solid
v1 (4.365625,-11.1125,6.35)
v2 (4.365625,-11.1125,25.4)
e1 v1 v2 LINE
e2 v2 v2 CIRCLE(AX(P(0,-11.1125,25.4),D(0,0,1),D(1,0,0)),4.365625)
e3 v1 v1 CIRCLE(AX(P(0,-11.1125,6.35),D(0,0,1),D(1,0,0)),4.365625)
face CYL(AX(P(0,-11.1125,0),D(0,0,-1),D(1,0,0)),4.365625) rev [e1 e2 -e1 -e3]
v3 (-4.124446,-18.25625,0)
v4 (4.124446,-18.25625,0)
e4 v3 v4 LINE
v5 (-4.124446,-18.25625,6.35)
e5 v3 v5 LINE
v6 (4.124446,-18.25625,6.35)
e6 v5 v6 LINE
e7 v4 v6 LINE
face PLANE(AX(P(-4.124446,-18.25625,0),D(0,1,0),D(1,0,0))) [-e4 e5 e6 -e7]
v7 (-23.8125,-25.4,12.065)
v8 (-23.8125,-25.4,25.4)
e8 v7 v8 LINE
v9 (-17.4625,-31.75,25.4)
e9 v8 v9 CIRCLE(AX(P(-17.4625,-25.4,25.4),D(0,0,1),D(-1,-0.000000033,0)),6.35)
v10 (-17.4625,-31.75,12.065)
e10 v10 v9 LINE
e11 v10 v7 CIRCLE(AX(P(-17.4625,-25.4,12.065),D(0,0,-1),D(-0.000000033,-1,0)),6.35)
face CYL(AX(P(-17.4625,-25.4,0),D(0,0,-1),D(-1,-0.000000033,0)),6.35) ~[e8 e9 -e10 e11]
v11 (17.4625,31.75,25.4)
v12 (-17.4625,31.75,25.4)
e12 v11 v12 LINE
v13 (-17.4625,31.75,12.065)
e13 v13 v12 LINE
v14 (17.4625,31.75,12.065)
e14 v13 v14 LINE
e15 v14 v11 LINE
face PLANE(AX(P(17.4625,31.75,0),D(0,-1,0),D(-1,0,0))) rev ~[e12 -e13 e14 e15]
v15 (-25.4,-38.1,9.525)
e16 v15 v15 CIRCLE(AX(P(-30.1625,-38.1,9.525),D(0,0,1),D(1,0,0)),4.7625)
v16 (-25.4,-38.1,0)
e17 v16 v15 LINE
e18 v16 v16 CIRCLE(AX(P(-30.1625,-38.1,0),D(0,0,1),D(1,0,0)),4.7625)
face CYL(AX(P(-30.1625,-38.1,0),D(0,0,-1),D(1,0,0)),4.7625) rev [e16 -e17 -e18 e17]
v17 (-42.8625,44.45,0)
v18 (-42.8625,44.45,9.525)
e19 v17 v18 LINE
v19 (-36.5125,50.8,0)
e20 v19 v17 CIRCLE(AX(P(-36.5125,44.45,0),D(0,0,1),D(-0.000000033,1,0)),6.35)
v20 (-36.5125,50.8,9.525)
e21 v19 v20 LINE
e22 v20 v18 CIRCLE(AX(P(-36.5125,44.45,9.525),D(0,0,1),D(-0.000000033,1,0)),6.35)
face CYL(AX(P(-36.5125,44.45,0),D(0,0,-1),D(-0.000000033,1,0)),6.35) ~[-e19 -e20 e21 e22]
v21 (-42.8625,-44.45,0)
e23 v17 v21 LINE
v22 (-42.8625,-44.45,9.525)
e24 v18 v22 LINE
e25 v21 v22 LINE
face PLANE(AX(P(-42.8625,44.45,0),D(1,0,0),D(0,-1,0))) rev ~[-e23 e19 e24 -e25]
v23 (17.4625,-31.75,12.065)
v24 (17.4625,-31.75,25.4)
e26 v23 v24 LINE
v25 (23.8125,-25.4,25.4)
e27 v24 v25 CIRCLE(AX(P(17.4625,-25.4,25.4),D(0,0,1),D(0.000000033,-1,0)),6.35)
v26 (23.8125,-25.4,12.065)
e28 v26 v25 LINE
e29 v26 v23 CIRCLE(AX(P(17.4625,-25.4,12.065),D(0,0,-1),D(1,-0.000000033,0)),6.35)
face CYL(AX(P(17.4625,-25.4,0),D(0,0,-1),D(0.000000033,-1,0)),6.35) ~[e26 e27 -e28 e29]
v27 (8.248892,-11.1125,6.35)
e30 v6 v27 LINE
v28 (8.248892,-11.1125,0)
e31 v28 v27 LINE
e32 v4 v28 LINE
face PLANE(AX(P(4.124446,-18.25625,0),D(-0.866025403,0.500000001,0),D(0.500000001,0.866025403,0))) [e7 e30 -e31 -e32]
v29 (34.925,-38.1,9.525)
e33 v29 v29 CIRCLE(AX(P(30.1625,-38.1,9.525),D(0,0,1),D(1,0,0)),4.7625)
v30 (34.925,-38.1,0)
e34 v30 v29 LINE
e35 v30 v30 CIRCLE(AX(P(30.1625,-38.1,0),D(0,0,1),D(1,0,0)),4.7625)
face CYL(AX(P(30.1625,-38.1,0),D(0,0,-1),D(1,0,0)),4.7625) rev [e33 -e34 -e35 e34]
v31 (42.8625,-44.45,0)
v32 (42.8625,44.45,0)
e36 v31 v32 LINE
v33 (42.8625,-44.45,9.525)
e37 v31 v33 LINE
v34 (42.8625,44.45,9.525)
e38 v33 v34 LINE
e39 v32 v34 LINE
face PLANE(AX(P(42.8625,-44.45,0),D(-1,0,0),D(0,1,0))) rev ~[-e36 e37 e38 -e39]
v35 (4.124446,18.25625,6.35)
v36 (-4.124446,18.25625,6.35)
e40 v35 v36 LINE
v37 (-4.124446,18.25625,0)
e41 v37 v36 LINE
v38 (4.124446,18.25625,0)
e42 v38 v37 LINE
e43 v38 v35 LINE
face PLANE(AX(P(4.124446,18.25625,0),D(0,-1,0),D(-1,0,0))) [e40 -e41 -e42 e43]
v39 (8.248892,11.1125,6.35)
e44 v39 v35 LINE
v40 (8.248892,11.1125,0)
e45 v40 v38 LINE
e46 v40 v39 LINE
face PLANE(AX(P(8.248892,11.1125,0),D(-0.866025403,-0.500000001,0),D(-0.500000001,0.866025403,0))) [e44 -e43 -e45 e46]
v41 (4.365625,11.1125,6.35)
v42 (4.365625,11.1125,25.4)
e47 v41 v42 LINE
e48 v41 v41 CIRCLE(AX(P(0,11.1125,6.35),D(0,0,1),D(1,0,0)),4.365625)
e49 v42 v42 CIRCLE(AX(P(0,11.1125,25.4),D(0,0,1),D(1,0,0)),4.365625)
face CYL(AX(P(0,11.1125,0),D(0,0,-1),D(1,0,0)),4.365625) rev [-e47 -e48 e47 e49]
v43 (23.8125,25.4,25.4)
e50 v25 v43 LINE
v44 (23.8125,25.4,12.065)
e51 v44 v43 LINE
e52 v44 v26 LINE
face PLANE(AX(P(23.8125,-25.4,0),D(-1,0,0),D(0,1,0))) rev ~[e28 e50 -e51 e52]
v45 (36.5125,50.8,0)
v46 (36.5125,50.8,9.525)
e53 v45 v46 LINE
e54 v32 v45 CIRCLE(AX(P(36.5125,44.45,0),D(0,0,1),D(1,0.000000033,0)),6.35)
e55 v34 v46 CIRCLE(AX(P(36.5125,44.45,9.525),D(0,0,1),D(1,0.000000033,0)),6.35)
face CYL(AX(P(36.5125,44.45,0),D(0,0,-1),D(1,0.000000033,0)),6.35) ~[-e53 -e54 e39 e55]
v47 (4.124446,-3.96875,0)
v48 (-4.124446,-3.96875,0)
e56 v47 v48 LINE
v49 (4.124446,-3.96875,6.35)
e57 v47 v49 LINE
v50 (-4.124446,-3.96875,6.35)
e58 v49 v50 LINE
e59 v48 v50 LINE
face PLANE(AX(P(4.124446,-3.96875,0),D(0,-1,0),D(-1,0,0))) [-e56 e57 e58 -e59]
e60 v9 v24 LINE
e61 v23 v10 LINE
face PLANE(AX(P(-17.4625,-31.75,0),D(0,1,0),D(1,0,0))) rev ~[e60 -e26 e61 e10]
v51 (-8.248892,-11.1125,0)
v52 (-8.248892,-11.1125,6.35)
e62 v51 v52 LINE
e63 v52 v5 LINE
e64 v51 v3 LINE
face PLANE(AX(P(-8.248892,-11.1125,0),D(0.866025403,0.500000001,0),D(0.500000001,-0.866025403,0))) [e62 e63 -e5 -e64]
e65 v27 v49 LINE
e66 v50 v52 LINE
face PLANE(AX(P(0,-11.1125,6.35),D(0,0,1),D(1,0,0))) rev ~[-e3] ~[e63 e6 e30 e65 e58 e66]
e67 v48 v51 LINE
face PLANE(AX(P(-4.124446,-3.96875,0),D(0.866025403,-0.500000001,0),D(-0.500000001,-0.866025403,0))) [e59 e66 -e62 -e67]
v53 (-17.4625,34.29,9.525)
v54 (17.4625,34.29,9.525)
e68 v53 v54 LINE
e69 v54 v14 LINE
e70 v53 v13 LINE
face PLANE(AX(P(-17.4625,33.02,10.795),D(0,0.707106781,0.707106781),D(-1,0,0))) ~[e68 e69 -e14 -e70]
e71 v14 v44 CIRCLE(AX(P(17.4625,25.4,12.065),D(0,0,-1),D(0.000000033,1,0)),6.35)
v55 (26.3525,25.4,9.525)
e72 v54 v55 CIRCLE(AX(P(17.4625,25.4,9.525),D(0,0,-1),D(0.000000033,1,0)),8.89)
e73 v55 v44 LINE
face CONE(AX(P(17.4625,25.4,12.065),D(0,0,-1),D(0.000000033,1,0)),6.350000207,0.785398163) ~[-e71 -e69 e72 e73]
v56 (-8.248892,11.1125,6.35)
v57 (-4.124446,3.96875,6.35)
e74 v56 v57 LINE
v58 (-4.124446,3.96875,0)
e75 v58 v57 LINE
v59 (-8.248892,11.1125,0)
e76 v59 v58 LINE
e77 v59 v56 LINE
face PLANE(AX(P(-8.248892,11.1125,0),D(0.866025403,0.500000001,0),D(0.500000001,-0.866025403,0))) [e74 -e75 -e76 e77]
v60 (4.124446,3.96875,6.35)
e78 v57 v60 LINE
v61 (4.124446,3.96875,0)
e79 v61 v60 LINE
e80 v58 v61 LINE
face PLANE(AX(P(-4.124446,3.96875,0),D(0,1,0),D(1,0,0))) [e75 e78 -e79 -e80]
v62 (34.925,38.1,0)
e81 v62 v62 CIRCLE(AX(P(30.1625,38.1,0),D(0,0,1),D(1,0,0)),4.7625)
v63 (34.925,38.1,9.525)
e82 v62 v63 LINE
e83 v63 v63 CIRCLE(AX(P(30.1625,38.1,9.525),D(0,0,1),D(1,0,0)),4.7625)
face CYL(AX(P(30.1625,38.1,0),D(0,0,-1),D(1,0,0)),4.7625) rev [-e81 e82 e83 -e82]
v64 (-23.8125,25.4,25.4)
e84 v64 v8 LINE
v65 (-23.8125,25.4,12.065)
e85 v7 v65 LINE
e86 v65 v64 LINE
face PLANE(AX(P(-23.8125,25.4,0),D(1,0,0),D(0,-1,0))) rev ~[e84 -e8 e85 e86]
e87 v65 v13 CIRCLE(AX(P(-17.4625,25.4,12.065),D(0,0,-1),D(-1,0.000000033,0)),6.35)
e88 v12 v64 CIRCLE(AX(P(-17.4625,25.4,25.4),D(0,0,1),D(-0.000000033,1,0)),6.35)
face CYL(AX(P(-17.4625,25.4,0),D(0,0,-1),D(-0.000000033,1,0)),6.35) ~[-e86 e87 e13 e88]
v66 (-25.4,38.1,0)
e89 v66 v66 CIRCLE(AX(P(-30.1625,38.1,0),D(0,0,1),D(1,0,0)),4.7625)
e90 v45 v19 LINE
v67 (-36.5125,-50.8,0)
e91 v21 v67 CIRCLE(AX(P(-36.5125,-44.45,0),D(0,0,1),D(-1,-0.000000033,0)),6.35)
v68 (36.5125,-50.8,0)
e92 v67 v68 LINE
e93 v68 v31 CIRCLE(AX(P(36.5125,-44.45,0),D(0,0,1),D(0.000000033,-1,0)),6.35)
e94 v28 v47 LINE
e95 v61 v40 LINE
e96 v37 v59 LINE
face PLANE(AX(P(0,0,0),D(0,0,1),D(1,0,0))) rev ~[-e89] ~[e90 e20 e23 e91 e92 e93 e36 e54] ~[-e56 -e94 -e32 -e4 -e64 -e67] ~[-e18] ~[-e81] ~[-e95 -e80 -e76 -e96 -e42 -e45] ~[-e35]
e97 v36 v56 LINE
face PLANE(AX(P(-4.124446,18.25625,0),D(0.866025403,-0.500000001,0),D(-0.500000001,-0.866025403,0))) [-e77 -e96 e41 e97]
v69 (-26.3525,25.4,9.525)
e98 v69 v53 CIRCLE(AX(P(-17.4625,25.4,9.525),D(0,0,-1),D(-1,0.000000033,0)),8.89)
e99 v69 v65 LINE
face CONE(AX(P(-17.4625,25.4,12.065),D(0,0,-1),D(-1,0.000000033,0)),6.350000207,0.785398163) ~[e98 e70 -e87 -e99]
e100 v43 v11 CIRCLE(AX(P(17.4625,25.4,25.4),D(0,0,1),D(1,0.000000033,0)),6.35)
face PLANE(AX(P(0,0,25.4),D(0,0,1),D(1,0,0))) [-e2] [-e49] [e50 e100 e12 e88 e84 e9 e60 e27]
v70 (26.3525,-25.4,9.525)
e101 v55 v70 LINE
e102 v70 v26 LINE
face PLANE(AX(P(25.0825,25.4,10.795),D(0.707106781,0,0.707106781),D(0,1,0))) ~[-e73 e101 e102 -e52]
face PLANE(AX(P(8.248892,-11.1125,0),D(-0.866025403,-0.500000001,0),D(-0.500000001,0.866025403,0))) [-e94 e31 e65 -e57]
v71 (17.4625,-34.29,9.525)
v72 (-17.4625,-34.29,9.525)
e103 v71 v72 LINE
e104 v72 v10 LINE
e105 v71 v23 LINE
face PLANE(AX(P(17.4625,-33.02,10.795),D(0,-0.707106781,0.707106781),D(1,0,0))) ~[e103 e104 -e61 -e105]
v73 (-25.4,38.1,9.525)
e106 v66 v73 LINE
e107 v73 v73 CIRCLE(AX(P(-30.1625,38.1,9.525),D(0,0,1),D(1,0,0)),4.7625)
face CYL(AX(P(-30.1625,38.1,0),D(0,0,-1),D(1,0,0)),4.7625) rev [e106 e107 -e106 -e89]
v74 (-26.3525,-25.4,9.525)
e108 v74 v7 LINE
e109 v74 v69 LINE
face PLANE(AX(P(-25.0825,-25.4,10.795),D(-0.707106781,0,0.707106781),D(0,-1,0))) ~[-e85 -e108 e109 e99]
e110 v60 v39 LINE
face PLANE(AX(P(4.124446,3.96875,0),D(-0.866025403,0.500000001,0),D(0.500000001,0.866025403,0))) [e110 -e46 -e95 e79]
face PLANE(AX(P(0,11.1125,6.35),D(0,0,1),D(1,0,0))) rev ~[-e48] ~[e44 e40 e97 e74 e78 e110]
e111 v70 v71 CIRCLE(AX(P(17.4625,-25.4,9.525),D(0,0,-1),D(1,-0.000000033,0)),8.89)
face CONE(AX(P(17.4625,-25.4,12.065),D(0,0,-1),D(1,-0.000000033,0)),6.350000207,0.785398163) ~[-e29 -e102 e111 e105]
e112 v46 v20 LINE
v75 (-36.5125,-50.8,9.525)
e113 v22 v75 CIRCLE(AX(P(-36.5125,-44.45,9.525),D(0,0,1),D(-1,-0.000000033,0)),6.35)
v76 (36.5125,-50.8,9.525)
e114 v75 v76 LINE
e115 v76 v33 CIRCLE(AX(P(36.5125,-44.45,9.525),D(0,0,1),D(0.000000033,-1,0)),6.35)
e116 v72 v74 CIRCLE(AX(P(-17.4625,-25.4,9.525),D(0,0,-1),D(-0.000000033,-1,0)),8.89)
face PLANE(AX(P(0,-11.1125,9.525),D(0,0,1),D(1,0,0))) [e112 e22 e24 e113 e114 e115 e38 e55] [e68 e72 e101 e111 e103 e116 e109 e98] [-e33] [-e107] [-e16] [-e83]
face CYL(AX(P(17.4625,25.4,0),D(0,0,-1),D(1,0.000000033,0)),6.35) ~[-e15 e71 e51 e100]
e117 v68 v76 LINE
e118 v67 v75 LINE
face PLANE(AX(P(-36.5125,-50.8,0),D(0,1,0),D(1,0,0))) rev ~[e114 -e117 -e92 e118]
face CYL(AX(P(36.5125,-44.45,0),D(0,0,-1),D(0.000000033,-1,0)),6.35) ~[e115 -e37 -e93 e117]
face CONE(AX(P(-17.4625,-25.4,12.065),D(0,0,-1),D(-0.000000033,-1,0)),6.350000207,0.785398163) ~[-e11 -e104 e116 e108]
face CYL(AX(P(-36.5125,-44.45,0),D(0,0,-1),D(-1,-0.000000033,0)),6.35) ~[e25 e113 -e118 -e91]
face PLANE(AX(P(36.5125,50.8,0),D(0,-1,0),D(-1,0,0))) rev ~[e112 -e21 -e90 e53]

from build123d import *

# Parameters (mm, degrees)
F0_R     = 4.365625
F0_R_2   = 4.7625
F1_DEPTH = 9.525
F2_DEPTH = 25.4
F3_SIZE  = 2.54
F4_DEPTH = 6.35


with BuildPart() as f1:
    # F0 (on Top) → F1 (new body)
    with BuildSketch(Plane.XY):
        Polygon((-4.124446, -18.25625), (4.124446, -18.25625), (8.248892, -11.1125), (4.124446, -3.96875), (-4.124446, -3.96875), (-8.248892, -11.1125), align=None)
        with Locations((0, -11.1125)):
            Circle(F0_R, mode=Mode.SUBTRACT)
        with BuildLine():
            Line((17.4625, 31.75), (-17.4625, 31.75))
            ThreePointArc((-17.4625, 31.75), (-21.952628, 29.890128), (-23.8125, 25.4))
            Line((-23.8125, 25.4), (-23.8125, -25.4))
            ThreePointArc((-23.8125, -25.4), (-21.952628, -29.890128), (-17.4625, -31.75))
            Line((-17.4625, -31.75), (17.4625, -31.75))
            ThreePointArc((17.4625, -31.75), (21.952628, -29.890128), (23.8125, -25.4))
            Line((23.8125, -25.4), (23.8125, 25.4))
            ThreePointArc((23.8125, 25.4), (21.952628, 29.890128), (17.4625, 31.75))
        make_face()
        Polygon((8.248892, -11.1125), (4.124446, -18.25625), (-4.124446, -18.25625), (-8.248892, -11.1125), (-4.124446, -3.96875), (4.124446, -3.96875), align=None, mode=Mode.SUBTRACT)
        Polygon((-8.248892, 11.1125), (-4.124446, 18.25625), (4.124446, 18.25625), (8.248892, 11.1125), (4.124446, 3.96875), (-4.124446, 3.96875), align=None, mode=Mode.SUBTRACT)
        with BuildLine():
            Line((36.5125, 50.8), (-36.5125, 50.8))
            ThreePointArc((-36.5125, 50.8), (-41.002628, 48.940128), (-42.8625, 44.45))
            Line((-42.8625, 44.45), (-42.8625, -44.45))
            ThreePointArc((-42.8625, -44.45), (-41.002628, -48.940128), (-36.5125, -50.8))
            Line((-36.5125, -50.8), (36.5125, -50.8))
            ThreePointArc((36.5125, -50.8), (41.002628, -48.940128), (42.8625, -44.45))
            Line((42.8625, -44.45), (42.8625, 44.45))
            ThreePointArc((42.8625, 44.45), (41.002628, 48.940128), (36.5125, 50.8))
        make_face()
        with Locations((-30.1625, -38.1)):
            Circle(F0_R_2, mode=Mode.SUBTRACT)
        with Locations((30.1625, -38.1)):
            Circle(F0_R_2, mode=Mode.SUBTRACT)
        with BuildLine():
            ThreePointArc((-23.8125, 25.4), (-21.952628, 29.890128), (-17.4625, 31.75))
            Line((-17.4625, 31.75), (17.4625, 31.75))
            ThreePointArc((17.4625, 31.75), (21.952628, 29.890128), (23.8125, 25.4))
            Line((23.8125, 25.4), (23.8125, -25.4))
            ThreePointArc((23.8125, -25.4), (21.952628, -29.890128), (17.4625, -31.75))
            Line((17.4625, -31.75), (-17.4625, -31.75))
            ThreePointArc((-17.4625, -31.75), (-21.952628, -29.890128), (-23.8125, -25.4))
            Line((-23.8125, -25.4), (-23.8125, 25.4))
        make_face(mode=Mode.SUBTRACT)
        with Locations((-30.1625, 38.1)):
            Circle(F0_R_2, mode=Mode.SUBTRACT)
        with Locations((30.1625, 38.1)):
            Circle(F0_R_2, mode=Mode.SUBTRACT)
        Polygon((4.124446, 18.25625), (-4.124446, 18.25625), (-8.248892, 11.1125), (-4.124446, 3.96875), (4.124446, 3.96875), (8.248892, 11.1125), align=None)
        with Locations((0, 11.1125)):
            Circle(F0_R, mode=Mode.SUBTRACT)
    extrude(amount=F1_DEPTH)

    # F0 (on Top) → F2 (join)
    with BuildSketch(Plane.XY):
        with BuildLine():
            Line((17.4625, 31.75), (-17.4625, 31.75))
            ThreePointArc((-17.4625, 31.75), (-21.952628, 29.890128), (-23.8125, 25.4))
            Line((-23.8125, 25.4), (-23.8125, -25.4))
            ThreePointArc((-23.8125, -25.4), (-21.952628, -29.890128), (-17.4625, -31.75))
            Line((-17.4625, -31.75), (17.4625, -31.75))
            ThreePointArc((17.4625, -31.75), (21.952628, -29.890128), (23.8125, -25.4))
            Line((23.8125, -25.4), (23.8125, 25.4))
            ThreePointArc((23.8125, 25.4), (21.952628, 29.890128), (17.4625, 31.75))
        make_face()
        Polygon((8.248892, -11.1125), (4.124446, -18.25625), (-4.124446, -18.25625), (-8.248892, -11.1125), (-4.124446, -3.96875), (4.124446, -3.96875), align=None, mode=Mode.SUBTRACT)
        Polygon((-8.248892, 11.1125), (-4.124446, 18.25625), (4.124446, 18.25625), (8.248892, 11.1125), (4.124446, 3.96875), (-4.124446, 3.96875), align=None, mode=Mode.SUBTRACT)
        Polygon((4.124446, 18.25625), (-4.124446, 18.25625), (-8.248892, 11.1125), (-4.124446, 3.96875), (4.124446, 3.96875), (8.248892, 11.1125), align=None)
        with Locations((0, 11.1125)):
            Circle(F0_R, mode=Mode.SUBTRACT)
        Polygon((-4.124446, -18.25625), (4.124446, -18.25625), (8.248892, -11.1125), (4.124446, -3.96875), (-4.124446, -3.96875), (-8.248892, -11.1125), align=None)
        with Locations((0, -11.1125)):
            Circle(F0_R, mode=Mode.SUBTRACT)
    extrude(amount=F2_DEPTH)

    # F3
    f3_edges = [f1.edges().sort_by_distance(p)[0] for p in [
        (23.8125, 0, 9.525),
    ]]
    chamfer(f3_edges, length=F3_SIZE)

    # F0 (on Top) → F4 (cut)
    with BuildSketch(Plane.XY):
        Polygon((4.124446, 18.25625), (-4.124446, 18.25625), (-8.248892, 11.1125), (-4.124446, 3.96875), (4.124446, 3.96875), (8.248892, 11.1125), align=None)
        with Locations((0, 11.1125)):
            Circle(F0_R, mode=Mode.SUBTRACT)
        Polygon((-4.124446, -18.25625), (4.124446, -18.25625), (8.248892, -11.1125), (4.124446, -3.96875), (-4.124446, -3.96875), (-8.248892, -11.1125), align=None)
        with Locations((0, -11.1125)):
            Circle(F0_R, mode=Mode.SUBTRACT)
    extrude(amount=F4_DEPTH, mode=Mode.SUBTRACT)


solid = f1.part
